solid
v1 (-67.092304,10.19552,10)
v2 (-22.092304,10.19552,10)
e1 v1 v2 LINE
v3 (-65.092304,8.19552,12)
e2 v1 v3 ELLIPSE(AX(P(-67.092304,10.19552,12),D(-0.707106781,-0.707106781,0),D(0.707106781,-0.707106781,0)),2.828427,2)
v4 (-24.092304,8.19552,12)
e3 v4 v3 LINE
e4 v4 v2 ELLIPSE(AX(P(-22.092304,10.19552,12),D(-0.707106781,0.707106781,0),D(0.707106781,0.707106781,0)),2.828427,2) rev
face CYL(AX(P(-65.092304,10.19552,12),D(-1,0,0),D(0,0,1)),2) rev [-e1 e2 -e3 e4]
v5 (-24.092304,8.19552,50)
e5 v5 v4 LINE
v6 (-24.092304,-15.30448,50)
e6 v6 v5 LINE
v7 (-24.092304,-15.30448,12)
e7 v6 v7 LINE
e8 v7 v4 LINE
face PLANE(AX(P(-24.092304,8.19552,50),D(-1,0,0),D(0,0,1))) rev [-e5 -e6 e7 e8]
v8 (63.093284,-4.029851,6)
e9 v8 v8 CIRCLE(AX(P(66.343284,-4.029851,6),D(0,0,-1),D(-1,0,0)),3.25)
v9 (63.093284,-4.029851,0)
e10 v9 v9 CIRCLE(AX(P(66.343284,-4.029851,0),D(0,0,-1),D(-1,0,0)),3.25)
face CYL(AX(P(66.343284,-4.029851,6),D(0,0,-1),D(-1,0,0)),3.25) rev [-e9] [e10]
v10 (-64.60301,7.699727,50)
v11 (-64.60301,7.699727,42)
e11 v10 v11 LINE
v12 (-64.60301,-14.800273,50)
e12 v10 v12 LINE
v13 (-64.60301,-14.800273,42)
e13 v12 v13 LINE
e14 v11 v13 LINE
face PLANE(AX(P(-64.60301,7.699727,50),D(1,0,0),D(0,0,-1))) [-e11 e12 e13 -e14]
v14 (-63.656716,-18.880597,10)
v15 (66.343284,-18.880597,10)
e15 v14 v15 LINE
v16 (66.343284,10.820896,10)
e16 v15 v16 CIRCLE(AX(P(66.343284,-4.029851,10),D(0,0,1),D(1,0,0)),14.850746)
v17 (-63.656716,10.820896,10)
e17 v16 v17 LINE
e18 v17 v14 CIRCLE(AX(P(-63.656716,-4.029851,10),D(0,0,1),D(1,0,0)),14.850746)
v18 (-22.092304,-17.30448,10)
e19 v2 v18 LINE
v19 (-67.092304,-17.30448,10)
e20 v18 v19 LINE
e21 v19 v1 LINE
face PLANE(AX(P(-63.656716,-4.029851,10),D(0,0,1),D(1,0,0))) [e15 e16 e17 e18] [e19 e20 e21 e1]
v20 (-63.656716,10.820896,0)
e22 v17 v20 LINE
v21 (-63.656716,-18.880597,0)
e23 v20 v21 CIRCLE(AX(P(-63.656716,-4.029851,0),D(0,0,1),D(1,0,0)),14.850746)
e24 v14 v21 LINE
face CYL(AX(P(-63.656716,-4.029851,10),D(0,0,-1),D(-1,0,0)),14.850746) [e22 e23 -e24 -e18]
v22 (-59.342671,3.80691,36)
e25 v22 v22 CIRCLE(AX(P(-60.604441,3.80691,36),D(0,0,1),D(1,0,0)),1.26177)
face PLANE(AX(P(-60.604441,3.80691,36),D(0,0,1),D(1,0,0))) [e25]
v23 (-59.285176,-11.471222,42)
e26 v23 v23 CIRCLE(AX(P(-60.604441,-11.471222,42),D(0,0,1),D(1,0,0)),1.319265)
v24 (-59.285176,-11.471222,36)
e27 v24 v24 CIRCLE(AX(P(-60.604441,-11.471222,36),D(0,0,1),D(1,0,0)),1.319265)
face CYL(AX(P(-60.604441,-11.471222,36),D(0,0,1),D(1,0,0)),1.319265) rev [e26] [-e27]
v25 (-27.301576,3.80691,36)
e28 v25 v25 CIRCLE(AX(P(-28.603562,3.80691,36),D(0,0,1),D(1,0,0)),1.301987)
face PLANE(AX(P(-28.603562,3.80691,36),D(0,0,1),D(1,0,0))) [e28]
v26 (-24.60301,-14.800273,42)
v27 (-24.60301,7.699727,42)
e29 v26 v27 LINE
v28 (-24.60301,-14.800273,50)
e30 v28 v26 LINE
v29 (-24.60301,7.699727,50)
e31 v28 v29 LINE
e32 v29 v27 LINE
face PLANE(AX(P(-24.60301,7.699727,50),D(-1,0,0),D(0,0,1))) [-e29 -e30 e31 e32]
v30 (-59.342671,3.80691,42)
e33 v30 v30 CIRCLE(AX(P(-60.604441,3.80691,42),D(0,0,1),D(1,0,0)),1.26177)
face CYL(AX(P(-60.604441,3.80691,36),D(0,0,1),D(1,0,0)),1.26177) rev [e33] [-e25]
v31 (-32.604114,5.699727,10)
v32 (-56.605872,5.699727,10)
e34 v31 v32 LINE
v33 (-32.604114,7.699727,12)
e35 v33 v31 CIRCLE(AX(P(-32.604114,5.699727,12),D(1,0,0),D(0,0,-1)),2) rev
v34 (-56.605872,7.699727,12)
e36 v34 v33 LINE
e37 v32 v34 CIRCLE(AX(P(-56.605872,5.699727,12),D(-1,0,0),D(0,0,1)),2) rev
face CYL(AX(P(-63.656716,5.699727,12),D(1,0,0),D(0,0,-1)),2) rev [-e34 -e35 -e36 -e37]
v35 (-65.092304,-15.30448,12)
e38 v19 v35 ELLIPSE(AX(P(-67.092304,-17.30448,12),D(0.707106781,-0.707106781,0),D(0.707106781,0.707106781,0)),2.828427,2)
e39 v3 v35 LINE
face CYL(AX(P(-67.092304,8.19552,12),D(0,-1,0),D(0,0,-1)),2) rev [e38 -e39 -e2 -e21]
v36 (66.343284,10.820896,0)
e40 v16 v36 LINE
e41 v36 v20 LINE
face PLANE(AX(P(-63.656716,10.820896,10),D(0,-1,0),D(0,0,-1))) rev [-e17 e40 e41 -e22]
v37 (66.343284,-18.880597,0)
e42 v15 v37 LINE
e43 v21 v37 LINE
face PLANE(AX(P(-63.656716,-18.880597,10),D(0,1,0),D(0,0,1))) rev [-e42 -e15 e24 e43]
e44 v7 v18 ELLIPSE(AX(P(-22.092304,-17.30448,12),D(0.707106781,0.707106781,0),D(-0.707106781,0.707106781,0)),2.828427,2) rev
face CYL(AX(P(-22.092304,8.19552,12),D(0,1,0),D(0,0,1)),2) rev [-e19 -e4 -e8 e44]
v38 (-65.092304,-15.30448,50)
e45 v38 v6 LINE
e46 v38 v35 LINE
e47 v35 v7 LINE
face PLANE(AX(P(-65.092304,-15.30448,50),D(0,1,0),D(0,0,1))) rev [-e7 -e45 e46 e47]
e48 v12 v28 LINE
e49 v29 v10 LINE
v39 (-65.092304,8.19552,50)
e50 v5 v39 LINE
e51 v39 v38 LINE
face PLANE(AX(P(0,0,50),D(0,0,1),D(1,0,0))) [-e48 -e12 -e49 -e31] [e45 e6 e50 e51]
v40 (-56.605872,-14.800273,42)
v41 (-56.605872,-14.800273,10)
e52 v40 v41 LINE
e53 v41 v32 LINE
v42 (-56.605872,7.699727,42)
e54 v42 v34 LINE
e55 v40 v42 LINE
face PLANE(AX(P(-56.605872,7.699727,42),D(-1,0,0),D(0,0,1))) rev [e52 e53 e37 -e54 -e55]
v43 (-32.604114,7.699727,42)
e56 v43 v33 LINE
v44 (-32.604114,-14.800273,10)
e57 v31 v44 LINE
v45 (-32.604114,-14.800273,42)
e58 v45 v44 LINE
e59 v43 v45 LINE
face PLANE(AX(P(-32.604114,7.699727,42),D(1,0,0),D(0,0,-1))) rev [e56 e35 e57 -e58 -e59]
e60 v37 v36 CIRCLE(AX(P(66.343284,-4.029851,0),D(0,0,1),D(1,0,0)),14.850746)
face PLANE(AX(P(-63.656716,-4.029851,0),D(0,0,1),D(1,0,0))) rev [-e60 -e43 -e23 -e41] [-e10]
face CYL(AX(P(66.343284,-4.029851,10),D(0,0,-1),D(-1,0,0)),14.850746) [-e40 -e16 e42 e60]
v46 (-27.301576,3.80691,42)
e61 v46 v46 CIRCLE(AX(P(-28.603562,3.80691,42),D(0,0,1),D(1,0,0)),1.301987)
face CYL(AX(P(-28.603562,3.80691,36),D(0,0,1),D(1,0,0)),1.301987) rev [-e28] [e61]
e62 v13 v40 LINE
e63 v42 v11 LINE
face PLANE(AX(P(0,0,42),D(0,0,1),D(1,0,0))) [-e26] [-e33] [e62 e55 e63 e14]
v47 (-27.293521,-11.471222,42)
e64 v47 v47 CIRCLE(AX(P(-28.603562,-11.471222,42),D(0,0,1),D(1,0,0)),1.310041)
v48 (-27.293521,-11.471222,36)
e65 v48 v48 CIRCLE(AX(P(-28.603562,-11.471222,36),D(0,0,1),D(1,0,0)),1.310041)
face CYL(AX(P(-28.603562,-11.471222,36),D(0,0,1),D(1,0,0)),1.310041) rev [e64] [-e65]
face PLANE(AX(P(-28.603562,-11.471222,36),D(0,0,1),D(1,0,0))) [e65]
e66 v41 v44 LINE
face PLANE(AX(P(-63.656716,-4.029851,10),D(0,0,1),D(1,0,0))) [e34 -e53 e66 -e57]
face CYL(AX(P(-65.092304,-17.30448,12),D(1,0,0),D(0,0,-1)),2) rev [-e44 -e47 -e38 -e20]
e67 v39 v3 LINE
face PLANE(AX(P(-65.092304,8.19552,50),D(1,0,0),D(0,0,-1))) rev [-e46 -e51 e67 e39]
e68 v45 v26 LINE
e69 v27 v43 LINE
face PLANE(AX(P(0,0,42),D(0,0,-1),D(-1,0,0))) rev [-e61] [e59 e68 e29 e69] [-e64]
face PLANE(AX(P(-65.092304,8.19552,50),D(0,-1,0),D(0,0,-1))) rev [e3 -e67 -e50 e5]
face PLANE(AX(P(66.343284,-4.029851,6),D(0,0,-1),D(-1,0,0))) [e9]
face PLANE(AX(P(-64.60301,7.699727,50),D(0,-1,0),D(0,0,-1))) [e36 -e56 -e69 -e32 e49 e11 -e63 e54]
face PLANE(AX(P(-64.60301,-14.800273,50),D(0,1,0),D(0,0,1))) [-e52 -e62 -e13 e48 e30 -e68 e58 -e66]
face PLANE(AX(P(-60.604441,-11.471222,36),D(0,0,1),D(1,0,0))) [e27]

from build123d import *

# Parameters (mm, degrees)
BOSS_EXTRUDE1_DEPTH = 10
SKETCH2_R           = 3.25
CUT_EXTRUDE1_DEPTH  = 6
SKETCH3_W           = 41
SKETCH3_H           = 23.5
SKETCH3_W_2         = 40
SKETCH3_H_2         = 22.5
BOSS_EXTRUDE3_DEPTH = 40
SKETCH4_W           = 7.997138399
SKETCH4_H           = 22.5
SKETCH4_W_2         = 8.001104186
BOSS_EXTRUDE4_DEPTH = 32
SKETCH5_R           = 1.261769867
SKETCH5_R_2         = 1.301986765
SKETCH5_R_3         = 1.319264735
SKETCH5_R_4         = 1.310040981
CUT_EXTRUDE2_DEPTH  = 6
FILLET1_R           = 2


with BuildPart() as part:
    # Sketch1 → Boss-Extrude1 (new body)
    with BuildSketch(Plane.XY):
        with BuildLine():
            Line((-63.656716418, 10.820895522), (66.343283582, 10.820895522))
            ThreePointArc((66.343283582, 10.820895522), (81.194029851, -4.029850746), (66.343283582, -18.880597015))
            Line((66.343283582, -18.880597015), (-63.656716418, -18.880597015))
            ThreePointArc((-63.656716418, -18.880597015), (-78.507462687, -4.029850746), (-63.656716418, 10.820895522))
        make_face()
    extrude(amount=BOSS_EXTRUDE1_DEPTH)

    # Sketch2 → Cut-Extrude1 (cut)
    with BuildSketch(Plane(origin=(0, 0, 0), x_dir=(-1, 0, 0), z_dir=(0, 0, -1))):
        with Locations((-66.343283582, -4.029850746)):
            Circle(SKETCH2_R)
    extrude(amount=-CUT_EXTRUDE1_DEPTH, mode=Mode.SUBTRACT)

    # Sketch3 → Boss-Extrude3 (add)
    with BuildSketch(Plane.XY.offset(10)):
        with Locations((-44.592304464, -3.554480068)):
            Rectangle(SKETCH3_W, SKETCH3_H)
        with Locations((-44.603010247, -3.550272792)):
            Rectangle(SKETCH3_W_2, SKETCH3_H_2, mode=Mode.SUBTRACT)
    extrude(amount=BOSS_EXTRUDE3_DEPTH)

    # Sketch4 → Boss-Extrude4 (add)
    with BuildSketch(Plane.XY.offset(10)):
        with Locations((-60.604441048, -3.550272792)):
            Rectangle(SKETCH4_W, SKETCH4_H)
        with Locations((-28.60356234, -3.550272792)):
            Rectangle(SKETCH4_W_2, SKETCH4_H)
    extrude(amount=BOSS_EXTRUDE4_DEPTH)

    # Sketch5 → Cut-Extrude2 (cut)
    with BuildSketch(Plane.XY.offset(42)):
        with Locations((-60.604441048, 3.806910367)):
            Circle(SKETCH5_R)
        with Locations((-28.60356234, 3.806910367)):
            Circle(SKETCH5_R_2)
        with Locations((-60.604441048, -11.471222054)):
            Circle(SKETCH5_R_3)
        with Locations((-28.60356234, -11.471222054)):
            Circle(SKETCH5_R_4)
    extrude(amount=-CUT_EXTRUDE2_DEPTH, mode=Mode.SUBTRACT)

    # Fillet1
    fillet1_edges = [part.edges().sort_by_distance(p)[0] for p in [
        (-65.092304464, -3.554480068, 10),
        (-44.592304464, -15.304480068, 10),
        (-24.092304464, -3.554480068, 10),
        (-44.592304464, 8.195519932, 10),
        (-44.60499314, 7.699727208, 10),
    ]]
    fillet(fillet1_edges, radius=FILLET1_R)


solid = part.part
